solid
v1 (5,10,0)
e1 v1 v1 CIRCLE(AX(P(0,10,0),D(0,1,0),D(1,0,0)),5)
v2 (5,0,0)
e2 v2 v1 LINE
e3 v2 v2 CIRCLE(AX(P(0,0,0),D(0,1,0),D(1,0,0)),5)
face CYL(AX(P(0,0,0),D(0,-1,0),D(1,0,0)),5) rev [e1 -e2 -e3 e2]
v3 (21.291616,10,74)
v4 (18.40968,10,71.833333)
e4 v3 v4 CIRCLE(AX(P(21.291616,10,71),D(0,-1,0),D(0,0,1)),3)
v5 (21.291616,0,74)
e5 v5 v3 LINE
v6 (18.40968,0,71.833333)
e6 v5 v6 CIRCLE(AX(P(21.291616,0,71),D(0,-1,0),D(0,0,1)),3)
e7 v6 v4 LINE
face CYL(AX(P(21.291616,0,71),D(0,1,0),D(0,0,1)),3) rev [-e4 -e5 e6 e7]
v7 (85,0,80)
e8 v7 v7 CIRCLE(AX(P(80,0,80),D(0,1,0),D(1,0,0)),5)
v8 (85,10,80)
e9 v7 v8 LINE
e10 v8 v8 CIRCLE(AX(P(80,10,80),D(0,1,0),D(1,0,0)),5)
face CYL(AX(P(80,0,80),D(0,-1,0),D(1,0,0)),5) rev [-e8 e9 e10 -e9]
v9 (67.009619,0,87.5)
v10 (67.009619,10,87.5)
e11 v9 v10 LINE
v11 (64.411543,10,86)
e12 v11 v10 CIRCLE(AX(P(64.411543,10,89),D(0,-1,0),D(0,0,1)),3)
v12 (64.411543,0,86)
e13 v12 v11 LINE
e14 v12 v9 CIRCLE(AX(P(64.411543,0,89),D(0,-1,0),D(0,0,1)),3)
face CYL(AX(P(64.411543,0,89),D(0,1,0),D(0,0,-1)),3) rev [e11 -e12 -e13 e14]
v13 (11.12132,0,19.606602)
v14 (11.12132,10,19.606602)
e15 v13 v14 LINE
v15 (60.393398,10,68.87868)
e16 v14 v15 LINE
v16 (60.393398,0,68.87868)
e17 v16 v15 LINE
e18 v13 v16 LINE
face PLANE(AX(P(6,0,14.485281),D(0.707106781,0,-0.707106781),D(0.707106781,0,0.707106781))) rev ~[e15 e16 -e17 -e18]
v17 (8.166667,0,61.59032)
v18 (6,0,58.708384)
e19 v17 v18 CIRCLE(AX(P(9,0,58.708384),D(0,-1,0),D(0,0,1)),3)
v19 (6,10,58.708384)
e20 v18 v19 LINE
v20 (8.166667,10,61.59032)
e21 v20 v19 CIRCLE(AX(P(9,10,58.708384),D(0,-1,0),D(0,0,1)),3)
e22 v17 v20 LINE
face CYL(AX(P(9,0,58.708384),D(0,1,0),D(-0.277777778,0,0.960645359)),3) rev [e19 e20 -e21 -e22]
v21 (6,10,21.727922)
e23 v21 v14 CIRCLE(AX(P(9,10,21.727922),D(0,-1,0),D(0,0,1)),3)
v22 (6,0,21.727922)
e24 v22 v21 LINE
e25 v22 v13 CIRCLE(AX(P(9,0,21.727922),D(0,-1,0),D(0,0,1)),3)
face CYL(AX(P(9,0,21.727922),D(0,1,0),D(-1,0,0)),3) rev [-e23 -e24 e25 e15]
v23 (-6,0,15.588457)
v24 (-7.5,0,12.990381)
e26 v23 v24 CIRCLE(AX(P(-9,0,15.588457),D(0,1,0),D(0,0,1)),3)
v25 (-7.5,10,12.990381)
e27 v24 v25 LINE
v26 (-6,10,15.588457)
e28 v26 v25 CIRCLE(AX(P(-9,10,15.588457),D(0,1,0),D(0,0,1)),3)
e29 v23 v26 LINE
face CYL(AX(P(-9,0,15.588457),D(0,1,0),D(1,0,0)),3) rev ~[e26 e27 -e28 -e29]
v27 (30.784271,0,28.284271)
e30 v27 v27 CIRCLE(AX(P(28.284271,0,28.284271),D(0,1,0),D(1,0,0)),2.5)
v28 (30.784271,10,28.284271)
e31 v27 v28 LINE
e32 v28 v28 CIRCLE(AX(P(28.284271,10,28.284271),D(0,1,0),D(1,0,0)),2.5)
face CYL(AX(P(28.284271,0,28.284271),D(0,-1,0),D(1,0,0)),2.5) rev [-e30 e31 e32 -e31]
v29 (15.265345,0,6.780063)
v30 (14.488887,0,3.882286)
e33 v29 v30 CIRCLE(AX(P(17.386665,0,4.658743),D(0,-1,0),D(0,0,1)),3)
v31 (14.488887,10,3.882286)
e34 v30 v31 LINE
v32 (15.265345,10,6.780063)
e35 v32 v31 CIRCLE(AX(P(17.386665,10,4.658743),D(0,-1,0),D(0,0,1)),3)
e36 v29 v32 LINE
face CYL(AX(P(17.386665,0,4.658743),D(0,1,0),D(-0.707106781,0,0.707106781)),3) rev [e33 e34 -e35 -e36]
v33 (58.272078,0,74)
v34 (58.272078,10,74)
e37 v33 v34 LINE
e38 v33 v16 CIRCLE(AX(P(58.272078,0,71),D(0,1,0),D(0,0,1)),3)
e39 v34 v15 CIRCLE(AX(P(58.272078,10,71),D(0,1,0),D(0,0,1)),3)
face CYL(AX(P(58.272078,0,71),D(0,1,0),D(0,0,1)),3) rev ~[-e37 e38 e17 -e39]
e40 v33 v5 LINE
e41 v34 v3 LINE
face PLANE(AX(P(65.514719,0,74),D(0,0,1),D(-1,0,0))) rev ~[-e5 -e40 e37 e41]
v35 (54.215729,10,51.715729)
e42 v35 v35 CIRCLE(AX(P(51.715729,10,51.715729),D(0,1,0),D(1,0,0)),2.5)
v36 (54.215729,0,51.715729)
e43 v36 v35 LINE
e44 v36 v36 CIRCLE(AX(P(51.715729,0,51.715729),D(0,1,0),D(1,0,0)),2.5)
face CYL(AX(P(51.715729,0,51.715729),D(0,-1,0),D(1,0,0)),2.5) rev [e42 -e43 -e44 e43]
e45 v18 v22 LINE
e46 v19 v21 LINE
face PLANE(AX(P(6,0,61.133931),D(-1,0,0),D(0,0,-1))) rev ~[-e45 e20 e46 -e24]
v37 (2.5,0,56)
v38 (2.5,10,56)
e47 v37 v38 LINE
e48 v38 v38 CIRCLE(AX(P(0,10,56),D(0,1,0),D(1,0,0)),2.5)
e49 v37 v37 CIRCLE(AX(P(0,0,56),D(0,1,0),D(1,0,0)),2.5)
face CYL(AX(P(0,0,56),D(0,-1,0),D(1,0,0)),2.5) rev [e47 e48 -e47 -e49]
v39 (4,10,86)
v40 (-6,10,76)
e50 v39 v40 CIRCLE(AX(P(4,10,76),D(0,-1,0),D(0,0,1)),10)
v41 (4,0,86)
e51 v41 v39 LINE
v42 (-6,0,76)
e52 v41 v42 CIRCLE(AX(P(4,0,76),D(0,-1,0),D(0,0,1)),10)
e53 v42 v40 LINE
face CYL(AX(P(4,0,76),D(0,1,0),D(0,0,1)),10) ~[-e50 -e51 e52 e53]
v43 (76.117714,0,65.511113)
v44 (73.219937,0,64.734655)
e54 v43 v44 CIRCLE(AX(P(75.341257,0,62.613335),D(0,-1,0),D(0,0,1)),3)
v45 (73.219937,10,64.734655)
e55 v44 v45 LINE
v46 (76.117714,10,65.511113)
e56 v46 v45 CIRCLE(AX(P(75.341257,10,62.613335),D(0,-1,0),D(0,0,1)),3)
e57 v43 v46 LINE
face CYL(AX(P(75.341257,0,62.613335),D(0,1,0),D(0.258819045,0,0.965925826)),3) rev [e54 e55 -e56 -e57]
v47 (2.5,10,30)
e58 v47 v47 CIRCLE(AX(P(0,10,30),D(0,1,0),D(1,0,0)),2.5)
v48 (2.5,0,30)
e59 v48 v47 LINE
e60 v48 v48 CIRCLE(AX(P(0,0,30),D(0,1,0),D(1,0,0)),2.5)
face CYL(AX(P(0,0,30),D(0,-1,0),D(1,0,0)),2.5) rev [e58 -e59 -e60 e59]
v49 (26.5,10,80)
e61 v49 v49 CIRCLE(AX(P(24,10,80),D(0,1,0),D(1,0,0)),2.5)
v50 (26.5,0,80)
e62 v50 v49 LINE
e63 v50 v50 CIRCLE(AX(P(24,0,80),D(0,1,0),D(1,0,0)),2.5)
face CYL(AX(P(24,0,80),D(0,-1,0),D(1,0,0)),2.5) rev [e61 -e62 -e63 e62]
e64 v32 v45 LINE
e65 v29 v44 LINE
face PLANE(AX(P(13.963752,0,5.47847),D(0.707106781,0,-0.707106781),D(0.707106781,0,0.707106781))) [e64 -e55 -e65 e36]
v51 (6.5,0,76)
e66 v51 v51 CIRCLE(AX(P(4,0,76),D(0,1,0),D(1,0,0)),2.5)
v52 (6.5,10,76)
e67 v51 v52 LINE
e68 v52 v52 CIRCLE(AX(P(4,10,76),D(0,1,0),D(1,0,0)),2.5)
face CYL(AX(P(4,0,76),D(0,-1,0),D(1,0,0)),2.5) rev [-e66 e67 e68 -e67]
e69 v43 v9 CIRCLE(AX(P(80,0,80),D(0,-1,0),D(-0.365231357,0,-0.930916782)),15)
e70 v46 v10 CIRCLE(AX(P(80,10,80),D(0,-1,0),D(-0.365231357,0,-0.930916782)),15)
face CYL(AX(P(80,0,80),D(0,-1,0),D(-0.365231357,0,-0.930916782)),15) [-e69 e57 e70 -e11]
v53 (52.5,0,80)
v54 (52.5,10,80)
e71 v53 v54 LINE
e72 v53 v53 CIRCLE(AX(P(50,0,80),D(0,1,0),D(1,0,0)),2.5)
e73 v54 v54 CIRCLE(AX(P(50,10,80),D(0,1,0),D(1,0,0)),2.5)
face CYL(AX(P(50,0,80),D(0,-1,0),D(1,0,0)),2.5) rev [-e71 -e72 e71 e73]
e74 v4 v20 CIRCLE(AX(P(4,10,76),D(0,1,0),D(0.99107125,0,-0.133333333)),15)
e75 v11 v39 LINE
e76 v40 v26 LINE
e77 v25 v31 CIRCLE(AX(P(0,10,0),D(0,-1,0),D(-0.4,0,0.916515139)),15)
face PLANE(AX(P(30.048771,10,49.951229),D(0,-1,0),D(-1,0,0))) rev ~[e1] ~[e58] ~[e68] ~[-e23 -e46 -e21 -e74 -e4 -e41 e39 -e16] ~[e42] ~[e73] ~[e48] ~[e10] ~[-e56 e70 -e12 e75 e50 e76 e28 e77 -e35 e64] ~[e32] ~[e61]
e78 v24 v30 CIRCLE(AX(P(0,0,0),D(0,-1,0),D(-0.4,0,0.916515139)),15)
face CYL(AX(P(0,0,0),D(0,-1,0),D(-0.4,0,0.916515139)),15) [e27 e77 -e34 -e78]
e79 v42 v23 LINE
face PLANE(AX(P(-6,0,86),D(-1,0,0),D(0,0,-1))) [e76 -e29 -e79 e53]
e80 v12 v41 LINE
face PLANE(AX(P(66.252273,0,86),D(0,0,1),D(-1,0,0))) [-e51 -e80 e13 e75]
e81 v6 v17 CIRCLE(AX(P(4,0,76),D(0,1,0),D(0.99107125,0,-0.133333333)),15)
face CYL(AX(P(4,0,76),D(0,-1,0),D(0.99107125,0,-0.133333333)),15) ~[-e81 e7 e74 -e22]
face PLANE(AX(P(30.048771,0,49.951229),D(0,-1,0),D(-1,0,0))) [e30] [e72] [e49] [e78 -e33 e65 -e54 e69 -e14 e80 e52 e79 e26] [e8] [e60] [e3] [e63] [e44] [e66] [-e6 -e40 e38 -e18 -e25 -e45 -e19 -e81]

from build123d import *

# Parameters (mm, degrees)
SKETCH2_R           = 5
SKETCH2_R_2         = 2.5
BOSS_EXTRUDE1_DEPTH = 10
FILLET1_R           = 10
FILLET2_R           = 3
FILLET3_R           = 3
FILLET4_R           = 3


with BuildPart() as part:
    # Sketch2 → Boss-Extrude1 (new body)
    with BuildSketch(Plane(origin=(0, 0, 0), x_dir=(1, 0, 0), z_dir=(0, 1, 0))):
        with BuildLine():
            Line((66.252272915, -86), (-6, -86))
            Line((-6, -86), (-6, -13.747727085))
            ThreePointArc((-6, -13.747727085), (-5.740251485, 13.858192988), (13.963751735, -5.47847036))
            Line((13.963751735, -5.47847036), (74.52152964, -66.036248265))
            ThreePointArc((74.52152964, -66.036248265), (93.858192988, -85.740251485), (66.252272915, -86))
        make_face()
        Circle(SKETCH2_R, mode=Mode.SUBTRACT)
        with Locations((80, -80)):
            Circle(SKETCH2_R, mode=Mode.SUBTRACT)
        with Locations((50, -80)):
            Circle(SKETCH2_R_2, mode=Mode.SUBTRACT)
        with Locations((24, -80)):
            Circle(SKETCH2_R_2, mode=Mode.SUBTRACT)
        with Locations((0, -56)):
            Circle(SKETCH2_R_2, mode=Mode.SUBTRACT)
        with Locations((0, -30)):
            Circle(SKETCH2_R_2, mode=Mode.SUBTRACT)
        with Locations((28.284271247, -28.284271247)):
            Circle(SKETCH2_R_2, mode=Mode.SUBTRACT)
        with Locations((51.715728753, -51.715728753)):
            Circle(SKETCH2_R_2, mode=Mode.SUBTRACT)
        with Locations((4, -76)):
            Circle(SKETCH2_R_2, mode=Mode.SUBTRACT)
        with BuildLine():
            Line((65.514718626, -74), (18.866068747, -74))
            ThreePointArc((18.866068747, -74), (14.606601718, -65.393398282), (6, -61.133931253))
            Line((6, -61.133931253), (6, -14.485281374))
            Line((6, -14.485281374), (65.514718626, -74))
        make_face(mode=Mode.SUBTRACT)
    extrude(amount=BOSS_EXTRUDE1_DEPTH)

    # Fillet1
    fillet1_edges = [part.edges().sort_by_distance(p)[0] for p in [
        (-6, 5, 86),
    ]]
    fillet(fillet1_edges, radius=FILLET1_R)

    # Fillet2
    fillet2_edges = [part.edges().sort_by_distance(p)[0] for p in [
        (-6, 5, 13.747727085),
        (13.963751735, 5, 5.47847036),
        (74.52152964, 5, 66.036248265),
        (66.252272915, 5, 86),
    ]]
    fillet(fillet2_edges, radius=FILLET2_R)

    # Fillet3
    fillet3_edges = [part.edges().sort_by_distance(p)[0] for p in [
        (65.514718626, 5, 74),
        (6, 5, 14.485281374),
    ]]
    fillet(fillet3_edges, radius=FILLET3_R)

    # Fillet4
    fillet4_edges = [part.edges().sort_by_distance(p)[0] for p in [
        (6, 5, 61.133931253),
        (18.866068747, 5, 74),
    ]]
    fillet(fillet4_edges, radius=FILLET4_R)


solid = part.part
